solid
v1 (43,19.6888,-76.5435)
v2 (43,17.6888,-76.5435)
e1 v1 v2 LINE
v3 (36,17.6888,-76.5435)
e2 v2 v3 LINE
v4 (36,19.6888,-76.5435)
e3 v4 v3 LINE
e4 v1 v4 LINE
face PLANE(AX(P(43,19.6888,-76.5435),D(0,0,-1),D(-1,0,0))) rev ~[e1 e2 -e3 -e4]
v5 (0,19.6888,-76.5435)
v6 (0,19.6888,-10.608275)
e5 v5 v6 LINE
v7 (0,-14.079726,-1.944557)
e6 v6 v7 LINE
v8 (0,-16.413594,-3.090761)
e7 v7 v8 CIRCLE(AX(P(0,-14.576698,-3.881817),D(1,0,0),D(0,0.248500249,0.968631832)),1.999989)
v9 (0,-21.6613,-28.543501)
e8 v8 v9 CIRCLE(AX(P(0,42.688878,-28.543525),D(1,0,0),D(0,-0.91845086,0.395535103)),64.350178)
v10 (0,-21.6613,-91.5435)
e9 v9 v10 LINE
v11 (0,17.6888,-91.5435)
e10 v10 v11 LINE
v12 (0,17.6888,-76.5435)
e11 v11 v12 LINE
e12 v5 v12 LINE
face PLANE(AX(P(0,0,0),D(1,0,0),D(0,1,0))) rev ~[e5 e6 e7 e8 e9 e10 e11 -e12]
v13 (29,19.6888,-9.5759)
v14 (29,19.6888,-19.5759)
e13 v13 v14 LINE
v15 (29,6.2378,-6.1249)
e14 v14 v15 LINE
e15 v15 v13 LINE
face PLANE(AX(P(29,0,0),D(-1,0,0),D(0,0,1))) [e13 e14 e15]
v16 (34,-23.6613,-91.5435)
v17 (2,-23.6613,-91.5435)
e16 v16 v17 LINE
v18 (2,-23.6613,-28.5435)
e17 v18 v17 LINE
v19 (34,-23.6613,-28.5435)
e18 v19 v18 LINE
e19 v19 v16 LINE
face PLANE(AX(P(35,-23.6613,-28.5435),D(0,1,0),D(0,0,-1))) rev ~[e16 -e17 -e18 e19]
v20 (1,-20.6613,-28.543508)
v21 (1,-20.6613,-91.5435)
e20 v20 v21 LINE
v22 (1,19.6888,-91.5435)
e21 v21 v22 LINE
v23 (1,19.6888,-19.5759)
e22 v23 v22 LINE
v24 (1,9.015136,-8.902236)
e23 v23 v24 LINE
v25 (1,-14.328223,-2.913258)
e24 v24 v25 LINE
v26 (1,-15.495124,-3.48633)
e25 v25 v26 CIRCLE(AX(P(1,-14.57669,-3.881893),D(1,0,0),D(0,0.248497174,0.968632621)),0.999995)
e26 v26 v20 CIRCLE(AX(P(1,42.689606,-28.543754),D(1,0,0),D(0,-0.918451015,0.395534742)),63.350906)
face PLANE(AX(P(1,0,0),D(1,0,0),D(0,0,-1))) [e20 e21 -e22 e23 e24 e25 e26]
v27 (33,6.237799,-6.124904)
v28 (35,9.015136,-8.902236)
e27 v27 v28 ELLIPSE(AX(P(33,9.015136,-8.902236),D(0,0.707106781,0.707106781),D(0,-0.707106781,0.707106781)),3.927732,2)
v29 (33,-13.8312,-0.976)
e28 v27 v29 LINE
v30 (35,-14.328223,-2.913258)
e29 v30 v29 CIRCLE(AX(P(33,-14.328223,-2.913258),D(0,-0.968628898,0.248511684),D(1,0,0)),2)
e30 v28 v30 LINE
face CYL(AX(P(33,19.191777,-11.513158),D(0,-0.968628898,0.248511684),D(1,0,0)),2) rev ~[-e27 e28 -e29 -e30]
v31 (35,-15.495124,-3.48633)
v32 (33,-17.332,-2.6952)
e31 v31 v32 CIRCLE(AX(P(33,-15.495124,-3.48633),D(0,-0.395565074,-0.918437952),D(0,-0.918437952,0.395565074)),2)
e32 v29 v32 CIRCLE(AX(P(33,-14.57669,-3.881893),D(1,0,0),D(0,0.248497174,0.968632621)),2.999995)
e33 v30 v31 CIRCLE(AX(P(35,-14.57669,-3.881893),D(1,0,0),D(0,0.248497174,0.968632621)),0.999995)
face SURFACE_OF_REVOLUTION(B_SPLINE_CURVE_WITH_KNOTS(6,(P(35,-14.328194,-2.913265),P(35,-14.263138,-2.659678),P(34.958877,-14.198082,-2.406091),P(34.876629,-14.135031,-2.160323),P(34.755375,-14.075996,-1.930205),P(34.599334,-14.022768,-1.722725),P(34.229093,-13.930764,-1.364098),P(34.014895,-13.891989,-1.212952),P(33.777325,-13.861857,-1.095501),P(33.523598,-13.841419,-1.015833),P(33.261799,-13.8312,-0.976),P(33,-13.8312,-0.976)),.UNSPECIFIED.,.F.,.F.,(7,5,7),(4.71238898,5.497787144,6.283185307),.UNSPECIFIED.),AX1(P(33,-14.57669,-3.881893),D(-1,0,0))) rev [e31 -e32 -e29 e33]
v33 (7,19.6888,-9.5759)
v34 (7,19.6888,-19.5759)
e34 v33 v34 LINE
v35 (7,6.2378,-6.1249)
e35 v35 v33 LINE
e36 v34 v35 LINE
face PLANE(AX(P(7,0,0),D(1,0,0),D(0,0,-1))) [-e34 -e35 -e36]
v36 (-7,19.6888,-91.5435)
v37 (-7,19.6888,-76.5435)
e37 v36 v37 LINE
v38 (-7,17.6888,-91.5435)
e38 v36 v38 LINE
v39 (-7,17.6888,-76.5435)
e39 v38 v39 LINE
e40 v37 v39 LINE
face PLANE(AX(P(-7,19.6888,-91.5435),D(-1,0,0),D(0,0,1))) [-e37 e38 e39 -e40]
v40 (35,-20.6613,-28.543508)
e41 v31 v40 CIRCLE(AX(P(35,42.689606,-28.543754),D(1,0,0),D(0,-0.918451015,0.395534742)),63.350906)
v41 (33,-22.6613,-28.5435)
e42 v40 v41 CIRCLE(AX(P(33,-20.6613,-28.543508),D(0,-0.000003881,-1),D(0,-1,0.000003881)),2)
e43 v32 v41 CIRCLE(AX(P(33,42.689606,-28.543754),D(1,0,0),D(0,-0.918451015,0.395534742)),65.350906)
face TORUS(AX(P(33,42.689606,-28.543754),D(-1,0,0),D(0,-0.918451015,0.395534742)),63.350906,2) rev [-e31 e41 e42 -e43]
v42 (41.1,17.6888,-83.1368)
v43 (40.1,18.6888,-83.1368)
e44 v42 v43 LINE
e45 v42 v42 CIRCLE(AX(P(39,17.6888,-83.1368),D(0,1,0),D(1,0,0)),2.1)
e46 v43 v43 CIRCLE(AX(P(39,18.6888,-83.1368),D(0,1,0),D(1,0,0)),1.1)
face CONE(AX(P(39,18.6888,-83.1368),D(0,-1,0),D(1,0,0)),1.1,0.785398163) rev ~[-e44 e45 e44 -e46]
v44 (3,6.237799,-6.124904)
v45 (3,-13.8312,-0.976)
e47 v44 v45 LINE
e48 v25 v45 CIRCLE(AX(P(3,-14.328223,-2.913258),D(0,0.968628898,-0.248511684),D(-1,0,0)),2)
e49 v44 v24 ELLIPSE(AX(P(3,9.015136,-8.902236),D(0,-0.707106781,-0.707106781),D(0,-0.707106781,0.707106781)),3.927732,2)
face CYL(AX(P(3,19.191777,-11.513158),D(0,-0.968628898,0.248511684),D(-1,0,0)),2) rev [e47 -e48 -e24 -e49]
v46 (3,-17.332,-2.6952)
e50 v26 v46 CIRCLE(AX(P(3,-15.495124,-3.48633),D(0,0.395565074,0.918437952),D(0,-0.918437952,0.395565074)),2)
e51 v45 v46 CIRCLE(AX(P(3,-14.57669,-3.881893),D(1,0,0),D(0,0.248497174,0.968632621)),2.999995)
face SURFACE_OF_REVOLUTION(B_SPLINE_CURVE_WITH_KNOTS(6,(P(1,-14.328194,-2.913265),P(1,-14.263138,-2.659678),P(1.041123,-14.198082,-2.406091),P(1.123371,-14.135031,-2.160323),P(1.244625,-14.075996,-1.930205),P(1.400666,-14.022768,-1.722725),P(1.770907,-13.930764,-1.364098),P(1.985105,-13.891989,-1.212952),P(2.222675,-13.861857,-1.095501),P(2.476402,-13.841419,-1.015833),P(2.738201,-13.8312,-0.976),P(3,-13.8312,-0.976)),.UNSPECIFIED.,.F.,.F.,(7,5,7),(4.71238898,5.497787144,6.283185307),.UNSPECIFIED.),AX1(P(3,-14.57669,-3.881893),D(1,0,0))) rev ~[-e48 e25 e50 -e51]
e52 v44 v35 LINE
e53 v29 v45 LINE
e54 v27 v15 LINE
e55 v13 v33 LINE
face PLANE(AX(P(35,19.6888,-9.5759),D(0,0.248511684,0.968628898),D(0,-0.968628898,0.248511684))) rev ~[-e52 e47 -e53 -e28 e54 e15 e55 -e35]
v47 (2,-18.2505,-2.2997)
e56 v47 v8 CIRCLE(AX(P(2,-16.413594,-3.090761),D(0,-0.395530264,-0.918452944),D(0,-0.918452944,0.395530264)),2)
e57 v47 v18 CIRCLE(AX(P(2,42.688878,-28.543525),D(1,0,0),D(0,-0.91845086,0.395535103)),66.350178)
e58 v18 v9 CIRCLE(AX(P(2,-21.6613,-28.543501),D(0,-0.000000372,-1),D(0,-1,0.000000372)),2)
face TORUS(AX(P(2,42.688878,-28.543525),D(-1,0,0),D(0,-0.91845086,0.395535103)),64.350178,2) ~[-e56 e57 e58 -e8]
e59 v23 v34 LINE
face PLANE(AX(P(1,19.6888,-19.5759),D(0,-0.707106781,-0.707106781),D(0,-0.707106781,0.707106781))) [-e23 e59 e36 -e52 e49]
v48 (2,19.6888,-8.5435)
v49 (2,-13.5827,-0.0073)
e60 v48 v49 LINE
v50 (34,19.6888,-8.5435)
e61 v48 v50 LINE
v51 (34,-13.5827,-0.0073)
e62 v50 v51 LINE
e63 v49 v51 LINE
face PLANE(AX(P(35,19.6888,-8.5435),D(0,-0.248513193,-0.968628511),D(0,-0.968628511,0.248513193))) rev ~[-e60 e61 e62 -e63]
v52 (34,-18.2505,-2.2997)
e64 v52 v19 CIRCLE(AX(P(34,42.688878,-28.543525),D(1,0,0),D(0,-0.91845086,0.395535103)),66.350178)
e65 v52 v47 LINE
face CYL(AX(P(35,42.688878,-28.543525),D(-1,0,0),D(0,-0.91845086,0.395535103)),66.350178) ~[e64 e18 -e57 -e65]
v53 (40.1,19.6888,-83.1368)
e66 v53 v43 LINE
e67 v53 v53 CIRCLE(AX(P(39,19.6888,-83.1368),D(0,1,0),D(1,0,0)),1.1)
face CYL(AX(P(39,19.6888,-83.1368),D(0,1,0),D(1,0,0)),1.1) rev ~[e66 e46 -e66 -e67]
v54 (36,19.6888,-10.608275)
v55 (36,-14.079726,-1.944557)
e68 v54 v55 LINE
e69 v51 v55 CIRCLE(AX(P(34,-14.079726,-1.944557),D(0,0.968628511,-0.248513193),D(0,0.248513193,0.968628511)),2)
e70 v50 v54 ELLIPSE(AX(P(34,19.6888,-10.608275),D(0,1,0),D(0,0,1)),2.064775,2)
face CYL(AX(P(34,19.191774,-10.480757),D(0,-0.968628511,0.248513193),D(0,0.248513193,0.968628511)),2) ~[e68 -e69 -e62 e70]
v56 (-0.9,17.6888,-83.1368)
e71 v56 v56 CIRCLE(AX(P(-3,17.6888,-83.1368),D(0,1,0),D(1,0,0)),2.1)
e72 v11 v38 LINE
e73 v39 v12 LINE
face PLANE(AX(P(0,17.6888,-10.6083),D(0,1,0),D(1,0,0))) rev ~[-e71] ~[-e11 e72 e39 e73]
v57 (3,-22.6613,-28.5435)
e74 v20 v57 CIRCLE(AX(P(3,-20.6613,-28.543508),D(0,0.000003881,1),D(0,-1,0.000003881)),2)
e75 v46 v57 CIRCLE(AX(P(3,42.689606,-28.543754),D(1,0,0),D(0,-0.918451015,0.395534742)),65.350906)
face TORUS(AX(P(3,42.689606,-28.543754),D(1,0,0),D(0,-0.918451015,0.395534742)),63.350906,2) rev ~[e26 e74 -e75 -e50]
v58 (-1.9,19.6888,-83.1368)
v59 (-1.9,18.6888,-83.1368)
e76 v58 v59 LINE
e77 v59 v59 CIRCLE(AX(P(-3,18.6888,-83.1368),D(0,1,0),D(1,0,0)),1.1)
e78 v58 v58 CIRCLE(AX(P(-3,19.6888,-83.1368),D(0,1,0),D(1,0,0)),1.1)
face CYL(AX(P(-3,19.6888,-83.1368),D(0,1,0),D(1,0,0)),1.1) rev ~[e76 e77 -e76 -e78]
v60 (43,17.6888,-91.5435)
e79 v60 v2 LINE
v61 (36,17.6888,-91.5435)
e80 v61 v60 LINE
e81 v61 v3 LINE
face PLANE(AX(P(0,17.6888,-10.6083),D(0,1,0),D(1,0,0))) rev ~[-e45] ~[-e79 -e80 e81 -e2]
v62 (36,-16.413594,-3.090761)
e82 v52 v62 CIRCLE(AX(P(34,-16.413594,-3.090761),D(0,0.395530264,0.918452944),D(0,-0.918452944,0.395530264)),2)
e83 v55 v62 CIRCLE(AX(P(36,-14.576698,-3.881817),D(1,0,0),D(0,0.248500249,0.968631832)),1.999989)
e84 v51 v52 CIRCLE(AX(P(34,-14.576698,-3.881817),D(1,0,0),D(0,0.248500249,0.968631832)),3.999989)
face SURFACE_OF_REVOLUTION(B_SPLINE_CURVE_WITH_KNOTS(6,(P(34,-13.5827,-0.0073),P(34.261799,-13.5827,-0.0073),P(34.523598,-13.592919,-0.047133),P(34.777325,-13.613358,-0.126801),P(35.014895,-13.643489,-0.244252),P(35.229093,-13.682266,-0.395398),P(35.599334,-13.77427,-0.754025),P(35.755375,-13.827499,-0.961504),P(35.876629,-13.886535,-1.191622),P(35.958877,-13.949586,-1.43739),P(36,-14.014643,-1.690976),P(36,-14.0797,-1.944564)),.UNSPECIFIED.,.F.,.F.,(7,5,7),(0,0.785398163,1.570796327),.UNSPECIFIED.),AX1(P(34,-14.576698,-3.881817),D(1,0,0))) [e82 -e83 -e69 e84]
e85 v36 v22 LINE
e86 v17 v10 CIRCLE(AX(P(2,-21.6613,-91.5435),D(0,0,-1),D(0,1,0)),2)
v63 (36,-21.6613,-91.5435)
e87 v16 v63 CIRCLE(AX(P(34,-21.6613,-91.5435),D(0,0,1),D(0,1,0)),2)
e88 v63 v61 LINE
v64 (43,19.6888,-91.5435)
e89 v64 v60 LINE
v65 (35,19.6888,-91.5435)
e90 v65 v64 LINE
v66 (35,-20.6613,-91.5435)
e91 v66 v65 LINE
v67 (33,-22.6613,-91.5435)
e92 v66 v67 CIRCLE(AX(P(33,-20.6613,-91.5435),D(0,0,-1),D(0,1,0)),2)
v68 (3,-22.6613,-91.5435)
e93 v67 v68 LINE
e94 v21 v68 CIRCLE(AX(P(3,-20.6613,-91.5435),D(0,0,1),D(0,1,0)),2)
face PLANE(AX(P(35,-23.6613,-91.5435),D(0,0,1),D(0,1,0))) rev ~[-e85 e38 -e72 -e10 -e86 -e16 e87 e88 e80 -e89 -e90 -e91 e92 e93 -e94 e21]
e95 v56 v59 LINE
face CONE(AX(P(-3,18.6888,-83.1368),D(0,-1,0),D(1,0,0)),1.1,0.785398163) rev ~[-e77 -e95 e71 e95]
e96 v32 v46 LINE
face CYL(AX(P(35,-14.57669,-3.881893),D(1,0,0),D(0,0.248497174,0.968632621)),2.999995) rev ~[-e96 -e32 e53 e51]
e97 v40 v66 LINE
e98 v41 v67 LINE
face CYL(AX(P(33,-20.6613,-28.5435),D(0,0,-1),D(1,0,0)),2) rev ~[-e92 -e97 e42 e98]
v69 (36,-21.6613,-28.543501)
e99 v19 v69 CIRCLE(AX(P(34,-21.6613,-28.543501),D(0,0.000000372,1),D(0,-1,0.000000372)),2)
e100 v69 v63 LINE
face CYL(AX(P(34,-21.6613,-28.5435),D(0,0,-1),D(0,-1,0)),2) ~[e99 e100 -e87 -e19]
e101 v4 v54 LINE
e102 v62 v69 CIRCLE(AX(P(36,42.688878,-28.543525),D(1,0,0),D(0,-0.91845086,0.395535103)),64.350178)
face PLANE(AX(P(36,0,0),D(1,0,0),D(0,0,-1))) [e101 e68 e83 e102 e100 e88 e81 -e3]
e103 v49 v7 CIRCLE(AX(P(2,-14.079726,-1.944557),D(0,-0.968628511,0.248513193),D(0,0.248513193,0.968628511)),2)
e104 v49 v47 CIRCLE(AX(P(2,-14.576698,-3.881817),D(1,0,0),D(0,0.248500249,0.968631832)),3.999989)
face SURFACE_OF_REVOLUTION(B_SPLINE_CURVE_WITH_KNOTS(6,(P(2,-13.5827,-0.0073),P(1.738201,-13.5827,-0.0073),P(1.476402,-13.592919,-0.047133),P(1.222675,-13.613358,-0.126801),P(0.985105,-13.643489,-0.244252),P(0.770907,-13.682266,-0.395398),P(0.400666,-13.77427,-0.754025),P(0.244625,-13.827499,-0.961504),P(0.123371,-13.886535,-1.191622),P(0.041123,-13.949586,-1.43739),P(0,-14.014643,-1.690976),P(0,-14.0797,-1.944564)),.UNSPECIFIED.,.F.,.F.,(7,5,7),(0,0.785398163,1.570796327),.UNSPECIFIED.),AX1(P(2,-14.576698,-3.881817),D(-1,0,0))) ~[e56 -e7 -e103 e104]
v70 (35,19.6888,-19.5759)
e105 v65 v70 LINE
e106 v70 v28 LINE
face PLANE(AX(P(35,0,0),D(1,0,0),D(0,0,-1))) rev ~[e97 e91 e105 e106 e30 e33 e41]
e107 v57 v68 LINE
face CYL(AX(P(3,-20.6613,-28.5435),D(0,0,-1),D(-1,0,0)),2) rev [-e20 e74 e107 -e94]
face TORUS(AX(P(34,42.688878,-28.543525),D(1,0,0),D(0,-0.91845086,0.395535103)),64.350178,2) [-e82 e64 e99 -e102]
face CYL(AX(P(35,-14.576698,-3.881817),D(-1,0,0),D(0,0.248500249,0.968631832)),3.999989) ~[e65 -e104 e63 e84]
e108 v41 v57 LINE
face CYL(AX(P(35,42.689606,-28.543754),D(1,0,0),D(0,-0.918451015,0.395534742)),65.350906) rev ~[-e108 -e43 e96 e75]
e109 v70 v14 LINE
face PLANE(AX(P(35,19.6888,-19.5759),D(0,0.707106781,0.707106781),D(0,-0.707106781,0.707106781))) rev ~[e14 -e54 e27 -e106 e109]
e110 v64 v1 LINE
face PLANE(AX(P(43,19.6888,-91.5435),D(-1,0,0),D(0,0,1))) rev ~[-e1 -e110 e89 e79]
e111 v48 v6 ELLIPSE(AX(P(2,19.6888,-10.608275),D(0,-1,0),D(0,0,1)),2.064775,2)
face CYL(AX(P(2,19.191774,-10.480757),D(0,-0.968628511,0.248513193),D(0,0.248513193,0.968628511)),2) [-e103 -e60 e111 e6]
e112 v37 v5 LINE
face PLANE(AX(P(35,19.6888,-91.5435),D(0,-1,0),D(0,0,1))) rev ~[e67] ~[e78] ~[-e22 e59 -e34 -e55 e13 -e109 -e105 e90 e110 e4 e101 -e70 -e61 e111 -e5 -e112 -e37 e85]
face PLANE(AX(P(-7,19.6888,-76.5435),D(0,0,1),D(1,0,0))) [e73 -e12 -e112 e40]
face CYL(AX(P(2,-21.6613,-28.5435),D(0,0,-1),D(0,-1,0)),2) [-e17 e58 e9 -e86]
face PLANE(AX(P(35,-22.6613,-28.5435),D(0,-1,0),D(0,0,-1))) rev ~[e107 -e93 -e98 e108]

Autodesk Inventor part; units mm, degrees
ref_plane "YZ Plane" through (0, 0, 0) normal (1, 0, 0) x (0, 1, 0)
ref_plane "XZ Plane" through (0, 0, 0) normal (0, 1, 0) x (-1, 0, 0)
ref_plane "XY Plane" through (0, 0, 0) normal (0, 0, 1) x (1, 0, 0)
sketch "Skizze1" plane through (0, 0, 0) normal (1, 0, 0) x (0, 1, 0)
  line L0 (19.6888, -8.5435) -> (-13.5827, -0.0073)
  arc A0 (-13.5827, -0.0073) -> (-18.2505, -2.2997) centre (-14.5767, -3.8818) ccw
  arc A1 (-18.2505, -2.2997) -> (-23.6613, -28.5435) centre (42.6888, -28.5435) ccw
  line L1 (-23.6613, -28.5435) -> (-23.6613, -91.5435)
  line L2 (-23.6613, -91.5435) -> (19.6888, -91.5435)
  line L3 (19.6888, -91.5435) -> (19.6888, -8.5435)
  circle A2 centre (42.6888, -28.5435) radius 1.621 projected
  arc A3 (-14.3179, -2.9159) -> (-15.3279, -4.5419) centre (-14.5767, -3.8818) ccw projected
  line L4 (19.6888, -8.5435) -> (19.6888, -44.2151) projected
  line L5 (-23.6613, -28.5435) -> (42.6888, -28.5435) construction
  dimension "d3" = 83
  dimension "d4" = 3
extrude "Extrusion1" add sketch "Skizze1" along normal blind 35 contours L3 L2 L1 A1 A0 L0
sketch "Skizze2" plane through (35, 0, 0) normal (1, 0, 0) x (0, 0, -1)
  line L0 (8.5435, 19.6888) -> (9.5759, 19.6888)
  line L1 (9.5759, 19.6888) -> (0.976, -13.8312)
  arc A0 (0.976, -13.8312) -> (2.6952, -17.332) centre (3.8818, -14.5767) ccw
  arc A1 (2.6952, -17.332) -> (28.5435, -22.6613) centre (28.5435, 42.6888) ccw
  line L2 (28.5435, -22.6613) -> (91.5435, -22.6613)
  line L3 (91.5435, 19.6888) -> (8.5435, 19.6888) projected
  line L4 (91.5435, -23.6613) -> (91.5435, 19.6888) projected
  line L5 (28.5435, -23.6613) -> (91.5435, -23.6613) projected
  arc A2 (2.2997, -18.2505) -> (28.5435, -23.6613) centre (28.5435, 42.6888) ccw projected
  arc A3 (0.0073, -13.5827) -> (2.2997, -18.2505) centre (3.8818, -14.5767) ccw projected
  line L6 (8.5435, 19.6888) -> (0.0073, -13.5827) projected
  point P0 (0, 0)
extrude "Extrusion2" cut sketch "Skizze2" against normal blind 34 contours L3 L4 L2 A1 A0 L1
sketch "Skizze3" plane through (35, 0, 0) normal (1, 0, 0) x (0, 0, -1)
  line L0 (91.5435, 19.6888) -> (8.5435, 19.6888) projected
  line L1 (91.5435, -23.6613) -> (91.5435, 19.6888) projected
  line L2 (28.5435, -23.6613) -> (91.5435, -23.6613) projected
  arc A0 (2.2997, -18.2505) -> (28.5435, -23.6613) centre (28.5435, 42.6888) ccw projected
  arc A1 (0.0073, -13.5827) -> (2.2997, -18.2505) centre (3.8818, -14.5767) ccw projected
  line L3 (8.5435, 19.6888) -> (0.0073, -13.5827) projected
  point P0 (0, 0)
extrude "Extrusion3" add sketch "Skizze3" along normal blind 1
sketch "Skizze6" plane through (1, 0, 0) normal (1, 0, 0) x (0, 0, -1)
  line L0 (9.5759, 19.6888) -> (91.5435, 19.6888) projected
  line L1 (9.5759, 19.6888) -> (19.5759, 19.6888)
  line L2 (19.5759, 19.6888) -> (6.1249, 6.2378)
  line L3 (0.976, -13.8312) -> (9.5759, 19.6888) projected
  point P0 (0, 0)
  dimension "d40" = 10
  dimension "d41" = 45
fillet "Rundung1" radius 2 16 edges at (36, -23.6613, -60.0435) (36, -16.34, -0.2914) (36, 3.0531, -4.2754) (36, -22.2945, -15.1456) (0, -23.6613, -60.0435) (0, -16.34, -0.2914) (0, 3.0531, -4.2754) (0, -22.2945, -15.1456) (1, -21.3151, -15.3475) (1, -15.8991, -1.189) (1, 2.9288, -5.2759) (1, -22.6613, -60.0435) (35, -21.3151, -15.3475) (35, -15.8991, -1.189) (35, 2.9288, -5.2759) (35, -22.6613, -60.0435)
sketch "Skizze4" plane through (0, 19.6888, -10.6083) normal (0, 1, 0) x (1, 0, 0)
  line L0 (0, 80.9352) -> (0, 0) projected
  line L1 (0, 80.9352) -> (-7, 80.9352)
  line L2 (-7, 80.9352) -> (-7, 65.9352)
  line L3 (-7, 65.9352) -> (0, 65.9352)
  line L4 (0, 65.9352) -> (0, 80.9352)
  circle A0 centre (-3, 72.5285) radius 0.7835 projected
  line L5 (36, 80.9352) -> (36, 0) projected
  line L6 (36, 80.9352) -> (43, 80.9352)
  line L7 (43, 80.9352) -> (43, 65.9352)
  line L8 (43, 65.9352) -> (36, 65.9352)
  line L9 (36, 65.9352) -> (36, 80.9352)
  circle A1 centre (39, 72.5285) radius 0.7835 projected
  circle A2 centre (-3, 72.5285) radius 1.1
  circle A3 centre (39, 72.5285) radius 1.1
  point P0 (0, -10.6083)
  point P1 (2, 65.9352)
  point P2 (0, -2.0648)
  point P3 (2, -1.0324)
  point P4 (36, 65.9352)
  point P5 (36, 2.9352)
  dimension "d17" = 7
  dimension "d18" = 15
  dimension "d19" = 7
  dimension "d20" = 15
  dimension "d21" = 2.2
  dimension "d22" = 2.2
extrude "Extrusion4" add sketch "Skizze4" against normal blind 2 contours L0 L3 L2 L1 | L6 L7 L8 L5
chamfer "Fasen1" distance 1 angle 45 1 edges at (-4.1, 17.6888, -83.1368)
chamfer "Fasen2" distance 1 angle 45 1 edges at (37.9, 17.6888, -83.1368)
extrude "Extrusion7" add sketch "Skizze6" along normal blind 6
sketch "Skizze8" plane through (35, 0, 0) normal (-1, 0, 0) x (0, 0, 1)
  line L0 (-9.5759, 19.6888) -> (-19.5759, 19.6888)
  line L1 (-91.5435, 19.6888) -> (-8.5435, 19.6888) projected
  line L2 (-19.5759, 19.6888) -> (-6.1249, 6.2378)
  line L3 (-0.976, -13.8312) -> (-9.5759, 19.6888) projected
  point P0 (0, 0)
  dimension "d44" = 10
  dimension "d45" = 45
extrude "Extrusion8" add sketch "Skizze8" along normal blind 6
properties part number "verkleidungBremse" material "PC/ABS-Kunststoff, 3DDruck, PLA"
